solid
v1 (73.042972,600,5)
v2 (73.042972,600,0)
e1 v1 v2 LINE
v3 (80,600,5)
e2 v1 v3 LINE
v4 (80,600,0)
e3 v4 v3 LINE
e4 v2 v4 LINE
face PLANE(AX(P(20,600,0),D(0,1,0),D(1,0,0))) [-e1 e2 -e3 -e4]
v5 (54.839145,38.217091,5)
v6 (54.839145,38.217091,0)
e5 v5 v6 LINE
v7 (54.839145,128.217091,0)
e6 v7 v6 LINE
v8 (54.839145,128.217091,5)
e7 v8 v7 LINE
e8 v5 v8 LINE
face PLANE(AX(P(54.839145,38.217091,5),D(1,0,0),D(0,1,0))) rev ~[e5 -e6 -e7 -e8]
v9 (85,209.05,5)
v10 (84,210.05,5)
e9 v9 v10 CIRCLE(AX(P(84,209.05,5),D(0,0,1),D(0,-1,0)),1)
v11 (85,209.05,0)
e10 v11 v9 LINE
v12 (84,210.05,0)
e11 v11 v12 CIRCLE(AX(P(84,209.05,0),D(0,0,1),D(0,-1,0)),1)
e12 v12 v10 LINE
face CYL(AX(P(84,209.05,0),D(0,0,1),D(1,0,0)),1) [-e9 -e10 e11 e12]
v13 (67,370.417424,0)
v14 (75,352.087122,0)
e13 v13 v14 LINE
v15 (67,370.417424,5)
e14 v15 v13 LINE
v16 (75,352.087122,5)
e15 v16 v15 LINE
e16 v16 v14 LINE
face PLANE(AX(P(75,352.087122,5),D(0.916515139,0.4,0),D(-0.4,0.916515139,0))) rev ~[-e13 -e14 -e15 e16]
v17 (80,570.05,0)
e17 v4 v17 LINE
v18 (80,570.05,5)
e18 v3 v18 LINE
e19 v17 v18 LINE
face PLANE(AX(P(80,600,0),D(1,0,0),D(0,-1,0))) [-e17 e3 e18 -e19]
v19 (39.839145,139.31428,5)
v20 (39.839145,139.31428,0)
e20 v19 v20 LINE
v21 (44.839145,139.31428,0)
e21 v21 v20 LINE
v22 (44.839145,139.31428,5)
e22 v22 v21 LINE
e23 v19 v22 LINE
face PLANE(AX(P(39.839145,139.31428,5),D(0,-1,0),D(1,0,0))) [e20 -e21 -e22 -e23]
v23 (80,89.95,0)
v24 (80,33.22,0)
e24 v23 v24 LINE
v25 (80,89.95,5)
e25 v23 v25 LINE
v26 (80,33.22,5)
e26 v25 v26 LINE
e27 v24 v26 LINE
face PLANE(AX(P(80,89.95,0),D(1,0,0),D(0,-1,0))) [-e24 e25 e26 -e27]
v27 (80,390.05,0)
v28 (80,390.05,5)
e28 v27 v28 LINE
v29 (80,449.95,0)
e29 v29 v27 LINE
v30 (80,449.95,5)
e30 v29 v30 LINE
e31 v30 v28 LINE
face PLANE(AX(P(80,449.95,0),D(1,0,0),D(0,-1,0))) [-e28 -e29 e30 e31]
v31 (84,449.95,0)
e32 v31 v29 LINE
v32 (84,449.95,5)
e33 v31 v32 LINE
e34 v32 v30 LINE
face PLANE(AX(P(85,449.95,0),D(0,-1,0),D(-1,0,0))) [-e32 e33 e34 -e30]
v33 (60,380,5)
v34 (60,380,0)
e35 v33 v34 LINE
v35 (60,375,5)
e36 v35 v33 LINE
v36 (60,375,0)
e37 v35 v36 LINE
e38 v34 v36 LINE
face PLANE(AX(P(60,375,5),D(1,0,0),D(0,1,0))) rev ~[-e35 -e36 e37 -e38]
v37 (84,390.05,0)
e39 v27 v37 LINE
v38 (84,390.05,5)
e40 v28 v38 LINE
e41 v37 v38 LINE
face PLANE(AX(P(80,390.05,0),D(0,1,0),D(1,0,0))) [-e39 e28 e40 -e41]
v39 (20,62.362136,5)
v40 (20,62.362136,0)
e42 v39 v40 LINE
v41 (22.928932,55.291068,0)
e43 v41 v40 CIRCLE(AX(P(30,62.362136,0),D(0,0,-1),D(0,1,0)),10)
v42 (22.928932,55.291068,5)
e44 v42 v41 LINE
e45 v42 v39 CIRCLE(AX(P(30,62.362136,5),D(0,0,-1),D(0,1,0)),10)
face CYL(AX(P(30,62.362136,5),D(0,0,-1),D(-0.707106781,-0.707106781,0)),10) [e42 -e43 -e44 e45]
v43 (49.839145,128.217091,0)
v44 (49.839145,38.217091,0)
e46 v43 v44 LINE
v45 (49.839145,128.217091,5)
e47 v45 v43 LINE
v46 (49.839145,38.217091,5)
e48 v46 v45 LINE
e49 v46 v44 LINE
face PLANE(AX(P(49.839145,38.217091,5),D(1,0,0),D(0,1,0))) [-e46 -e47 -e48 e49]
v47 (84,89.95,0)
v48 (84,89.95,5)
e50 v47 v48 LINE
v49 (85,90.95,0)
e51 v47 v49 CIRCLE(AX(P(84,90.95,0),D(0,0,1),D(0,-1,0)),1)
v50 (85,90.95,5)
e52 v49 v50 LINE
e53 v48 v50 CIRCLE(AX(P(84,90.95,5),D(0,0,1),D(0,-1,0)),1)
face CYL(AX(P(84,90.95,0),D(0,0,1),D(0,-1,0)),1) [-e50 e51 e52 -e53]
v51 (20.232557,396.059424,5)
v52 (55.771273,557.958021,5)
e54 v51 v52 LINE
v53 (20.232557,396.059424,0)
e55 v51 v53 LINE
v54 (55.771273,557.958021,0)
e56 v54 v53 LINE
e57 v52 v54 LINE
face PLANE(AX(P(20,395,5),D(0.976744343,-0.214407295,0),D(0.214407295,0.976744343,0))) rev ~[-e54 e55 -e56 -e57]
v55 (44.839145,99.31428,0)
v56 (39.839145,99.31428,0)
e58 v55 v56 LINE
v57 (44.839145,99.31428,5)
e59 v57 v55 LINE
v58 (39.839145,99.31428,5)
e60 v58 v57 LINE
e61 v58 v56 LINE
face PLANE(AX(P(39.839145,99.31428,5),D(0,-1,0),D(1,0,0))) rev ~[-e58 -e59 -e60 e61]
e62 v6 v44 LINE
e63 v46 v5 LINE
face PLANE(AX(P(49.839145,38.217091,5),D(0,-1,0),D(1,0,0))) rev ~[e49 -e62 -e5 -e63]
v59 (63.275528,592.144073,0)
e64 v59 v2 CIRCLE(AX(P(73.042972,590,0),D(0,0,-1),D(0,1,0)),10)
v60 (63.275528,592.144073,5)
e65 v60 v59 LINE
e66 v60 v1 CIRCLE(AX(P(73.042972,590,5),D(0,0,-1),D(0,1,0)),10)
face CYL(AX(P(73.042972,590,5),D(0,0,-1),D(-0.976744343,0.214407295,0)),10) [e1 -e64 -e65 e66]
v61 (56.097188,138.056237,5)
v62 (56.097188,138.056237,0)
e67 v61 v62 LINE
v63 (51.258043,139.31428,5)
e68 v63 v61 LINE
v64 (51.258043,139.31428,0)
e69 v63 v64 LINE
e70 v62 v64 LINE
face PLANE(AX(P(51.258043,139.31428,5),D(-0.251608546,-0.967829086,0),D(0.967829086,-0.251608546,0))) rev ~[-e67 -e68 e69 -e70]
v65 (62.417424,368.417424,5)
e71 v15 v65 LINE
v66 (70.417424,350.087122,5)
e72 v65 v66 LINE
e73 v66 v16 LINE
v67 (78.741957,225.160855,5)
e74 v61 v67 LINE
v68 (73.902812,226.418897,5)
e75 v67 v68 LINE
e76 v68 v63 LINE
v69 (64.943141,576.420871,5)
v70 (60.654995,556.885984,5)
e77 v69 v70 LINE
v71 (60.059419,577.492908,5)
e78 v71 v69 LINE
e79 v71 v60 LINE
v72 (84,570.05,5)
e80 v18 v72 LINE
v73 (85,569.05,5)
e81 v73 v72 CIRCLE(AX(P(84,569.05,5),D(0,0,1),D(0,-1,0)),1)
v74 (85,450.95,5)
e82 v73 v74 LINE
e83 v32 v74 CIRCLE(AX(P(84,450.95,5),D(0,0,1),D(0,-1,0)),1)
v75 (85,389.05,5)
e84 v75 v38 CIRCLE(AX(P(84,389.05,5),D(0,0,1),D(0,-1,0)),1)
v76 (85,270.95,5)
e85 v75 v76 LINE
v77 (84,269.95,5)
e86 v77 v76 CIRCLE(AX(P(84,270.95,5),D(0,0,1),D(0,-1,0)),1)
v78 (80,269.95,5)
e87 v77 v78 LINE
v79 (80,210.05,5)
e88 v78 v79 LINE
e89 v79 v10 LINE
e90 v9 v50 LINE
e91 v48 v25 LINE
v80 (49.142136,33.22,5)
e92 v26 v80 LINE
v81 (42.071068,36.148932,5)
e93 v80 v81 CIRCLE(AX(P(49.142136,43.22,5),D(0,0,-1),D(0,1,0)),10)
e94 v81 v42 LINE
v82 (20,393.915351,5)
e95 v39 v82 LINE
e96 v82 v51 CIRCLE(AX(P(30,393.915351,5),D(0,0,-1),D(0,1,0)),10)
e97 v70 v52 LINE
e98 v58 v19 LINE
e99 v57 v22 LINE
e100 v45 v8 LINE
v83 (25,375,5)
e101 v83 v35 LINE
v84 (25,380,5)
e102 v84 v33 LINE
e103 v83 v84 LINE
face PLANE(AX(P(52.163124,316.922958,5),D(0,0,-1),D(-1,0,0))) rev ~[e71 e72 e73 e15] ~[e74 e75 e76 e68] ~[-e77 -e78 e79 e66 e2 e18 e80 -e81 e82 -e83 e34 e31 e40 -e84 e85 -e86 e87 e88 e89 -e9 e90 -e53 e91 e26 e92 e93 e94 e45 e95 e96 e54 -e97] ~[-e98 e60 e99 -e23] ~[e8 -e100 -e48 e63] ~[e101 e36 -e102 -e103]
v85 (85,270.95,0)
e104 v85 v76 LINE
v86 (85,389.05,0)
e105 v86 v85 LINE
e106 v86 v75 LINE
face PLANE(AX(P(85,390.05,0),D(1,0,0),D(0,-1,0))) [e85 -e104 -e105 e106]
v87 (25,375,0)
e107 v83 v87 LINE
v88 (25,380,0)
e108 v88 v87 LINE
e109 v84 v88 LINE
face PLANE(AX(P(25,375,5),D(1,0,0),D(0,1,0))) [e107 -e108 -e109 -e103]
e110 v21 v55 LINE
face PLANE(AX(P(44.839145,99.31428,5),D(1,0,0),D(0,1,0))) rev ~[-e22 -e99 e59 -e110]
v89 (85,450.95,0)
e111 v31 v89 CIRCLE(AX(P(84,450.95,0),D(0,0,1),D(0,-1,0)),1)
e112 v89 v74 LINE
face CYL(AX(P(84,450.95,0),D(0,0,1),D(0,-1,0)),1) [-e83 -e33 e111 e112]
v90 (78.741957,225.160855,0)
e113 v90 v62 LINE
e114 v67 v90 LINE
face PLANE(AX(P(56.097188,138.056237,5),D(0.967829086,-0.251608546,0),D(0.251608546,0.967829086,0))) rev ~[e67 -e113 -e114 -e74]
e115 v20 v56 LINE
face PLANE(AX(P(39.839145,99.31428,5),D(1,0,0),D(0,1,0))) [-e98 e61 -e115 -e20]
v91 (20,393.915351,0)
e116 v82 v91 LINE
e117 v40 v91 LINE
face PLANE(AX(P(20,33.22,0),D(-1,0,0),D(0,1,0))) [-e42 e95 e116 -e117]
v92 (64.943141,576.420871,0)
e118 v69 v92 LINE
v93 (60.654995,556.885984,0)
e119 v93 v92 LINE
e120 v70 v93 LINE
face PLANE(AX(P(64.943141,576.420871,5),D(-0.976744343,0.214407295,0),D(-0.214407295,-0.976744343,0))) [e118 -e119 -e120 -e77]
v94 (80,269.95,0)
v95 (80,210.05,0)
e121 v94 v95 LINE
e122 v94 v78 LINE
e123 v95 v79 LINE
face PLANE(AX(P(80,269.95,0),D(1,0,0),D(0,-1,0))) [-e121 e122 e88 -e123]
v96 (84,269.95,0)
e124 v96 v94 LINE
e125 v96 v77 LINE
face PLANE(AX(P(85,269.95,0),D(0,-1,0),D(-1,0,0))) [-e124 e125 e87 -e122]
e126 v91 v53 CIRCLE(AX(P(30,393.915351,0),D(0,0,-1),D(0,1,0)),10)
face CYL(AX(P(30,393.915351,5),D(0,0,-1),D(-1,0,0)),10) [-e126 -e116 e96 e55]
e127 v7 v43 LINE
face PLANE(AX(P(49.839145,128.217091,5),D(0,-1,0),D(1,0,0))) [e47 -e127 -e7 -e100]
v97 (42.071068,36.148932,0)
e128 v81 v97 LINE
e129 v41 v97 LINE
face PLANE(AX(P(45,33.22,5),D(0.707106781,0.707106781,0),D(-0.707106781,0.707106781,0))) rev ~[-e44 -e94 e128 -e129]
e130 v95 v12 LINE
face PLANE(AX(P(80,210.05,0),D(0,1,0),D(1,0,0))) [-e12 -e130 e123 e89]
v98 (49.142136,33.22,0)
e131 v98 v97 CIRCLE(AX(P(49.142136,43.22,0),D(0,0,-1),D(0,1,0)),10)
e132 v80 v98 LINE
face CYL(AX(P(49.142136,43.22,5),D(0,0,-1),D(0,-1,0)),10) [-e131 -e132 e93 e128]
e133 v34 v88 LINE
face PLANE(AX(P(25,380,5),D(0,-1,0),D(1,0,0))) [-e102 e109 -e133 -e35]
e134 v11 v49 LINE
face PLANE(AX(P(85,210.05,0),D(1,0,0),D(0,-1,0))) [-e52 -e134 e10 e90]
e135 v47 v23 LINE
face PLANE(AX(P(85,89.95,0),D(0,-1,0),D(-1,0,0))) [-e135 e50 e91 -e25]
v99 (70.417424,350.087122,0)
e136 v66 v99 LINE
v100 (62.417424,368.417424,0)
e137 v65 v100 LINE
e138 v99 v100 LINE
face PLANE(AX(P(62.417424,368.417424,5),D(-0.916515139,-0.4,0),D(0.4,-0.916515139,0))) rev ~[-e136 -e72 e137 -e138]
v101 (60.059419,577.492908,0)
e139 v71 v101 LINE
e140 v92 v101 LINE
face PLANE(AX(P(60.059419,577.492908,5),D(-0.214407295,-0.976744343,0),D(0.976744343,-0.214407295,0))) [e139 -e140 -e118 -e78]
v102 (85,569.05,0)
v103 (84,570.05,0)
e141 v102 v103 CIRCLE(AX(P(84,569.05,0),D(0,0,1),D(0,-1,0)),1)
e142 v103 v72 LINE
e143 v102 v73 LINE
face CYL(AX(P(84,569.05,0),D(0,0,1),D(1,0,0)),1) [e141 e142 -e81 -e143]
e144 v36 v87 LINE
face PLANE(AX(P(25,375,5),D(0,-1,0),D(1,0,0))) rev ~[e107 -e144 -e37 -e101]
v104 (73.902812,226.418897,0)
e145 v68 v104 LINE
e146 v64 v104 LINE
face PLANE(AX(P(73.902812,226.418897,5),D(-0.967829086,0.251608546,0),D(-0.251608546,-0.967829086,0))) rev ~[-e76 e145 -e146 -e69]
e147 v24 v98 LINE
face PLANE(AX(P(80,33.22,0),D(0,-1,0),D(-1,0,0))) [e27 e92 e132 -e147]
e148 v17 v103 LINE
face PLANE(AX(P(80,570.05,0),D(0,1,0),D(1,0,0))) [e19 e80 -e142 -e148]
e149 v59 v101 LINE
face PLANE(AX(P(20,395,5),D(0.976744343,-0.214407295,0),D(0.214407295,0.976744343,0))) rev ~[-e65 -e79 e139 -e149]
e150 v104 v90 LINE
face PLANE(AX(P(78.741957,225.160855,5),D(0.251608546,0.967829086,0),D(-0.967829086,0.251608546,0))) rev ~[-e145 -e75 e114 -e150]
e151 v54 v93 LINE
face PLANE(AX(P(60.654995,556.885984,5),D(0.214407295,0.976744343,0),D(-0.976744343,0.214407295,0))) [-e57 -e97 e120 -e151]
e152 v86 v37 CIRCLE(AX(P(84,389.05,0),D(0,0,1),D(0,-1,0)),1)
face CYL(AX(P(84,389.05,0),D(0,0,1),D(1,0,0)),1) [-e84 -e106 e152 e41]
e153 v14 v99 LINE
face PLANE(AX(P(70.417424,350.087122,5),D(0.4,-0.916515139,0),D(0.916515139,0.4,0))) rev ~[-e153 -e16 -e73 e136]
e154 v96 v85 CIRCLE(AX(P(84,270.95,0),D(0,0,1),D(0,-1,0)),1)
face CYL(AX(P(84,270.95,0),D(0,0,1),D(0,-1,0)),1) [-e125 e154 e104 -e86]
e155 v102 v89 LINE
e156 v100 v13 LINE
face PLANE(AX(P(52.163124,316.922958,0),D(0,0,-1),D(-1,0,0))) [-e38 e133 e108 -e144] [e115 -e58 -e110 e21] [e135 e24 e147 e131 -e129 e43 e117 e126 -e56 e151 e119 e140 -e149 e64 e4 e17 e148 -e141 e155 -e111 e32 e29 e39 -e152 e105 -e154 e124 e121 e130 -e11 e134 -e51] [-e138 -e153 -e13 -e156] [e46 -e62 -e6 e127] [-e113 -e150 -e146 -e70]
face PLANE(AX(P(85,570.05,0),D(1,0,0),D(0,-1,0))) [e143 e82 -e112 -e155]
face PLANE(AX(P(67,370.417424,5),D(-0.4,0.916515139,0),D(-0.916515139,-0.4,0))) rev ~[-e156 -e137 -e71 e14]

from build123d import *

# Parameters (mm, degrees)
BOSS_EXTRUDE1_DEPTH = 5
SKETCH2_W           = 5
SKETCH2_H           = 90
SKETCH2_H_2         = 40
SKETCH2_W_2         = 35
SKETCH2_H_3         = 5
CUT_EXTRUDE1_DEPTH  = 10
CUT_EXTRUDE2_DEPTH  = 10
FILLET1_R           = 1
FILLET2_R           = 10
CUT_EXTRUDE3_DEPTH  = 10


with BuildPart() as part:
    # Sketch1 → Boss-Extrude1 (new body)
    with BuildSketch(Plane.XY):
        Polygon((80, 33.22), (20, 33.22), (20, 600), (80, 600), (80, 570.05), (85, 570.05), (85, 449.95), (80, 449.95), (80, 390.05), (85, 390.05), (85, 269.95), (80, 269.95), (80, 210.05), (85, 210.05), (85, 89.95), (80, 89.95), align=None)
    extrude(amount=BOSS_EXTRUDE1_DEPTH)

    # Sketch2 → Cut-Extrude1 (cut)
    with BuildSketch(Plane.XY.offset(5)):
        Polygon((67, 370.417424305), (62.417424305, 368.417424305), (70.417424305, 350.087121525), (75, 352.087121525), align=None)
        Polygon((73.902811841, 226.418897298), (51.258042728, 139.314279557), (56.097188159, 138.056236829), (78.741957272, 225.16085457), align=None)
        with Locations((52.33914543, 83.217091399)):
            Rectangle(SKETCH2_W, SKETCH2_H)
        with Locations((42.33914543, 119.314279557)):
            Rectangle(SKETCH2_W, SKETCH2_H_2)
        with Locations((42.5, 377.5)):
            Rectangle(SKETCH2_W_2, SKETCH2_H_3)
    extrude(amount=-CUT_EXTRUDE1_DEPTH, mode=Mode.SUBTRACT)

    # Sketch3 → Cut-Extrude2 (cut)
    with BuildSketch(Plane.XY.offset(5)):
        Polygon((20, 395), (65, 600), (1.513631165, 616.08755832), align=None)
        Polygon((45, 33.22), (20, 58.22), (13.452472792, 20.556075169), align=None)
    extrude(amount=-CUT_EXTRUDE2_DEPTH, mode=Mode.SUBTRACT)

    # Fillet1
    fillet1_edges = [part.edges().sort_by_distance(p)[0] for p in [
        (85, 570.05, 2.5),
        (85, 449.95, 2.5),
        (85, 390.05, 2.5),
        (85, 269.95, 2.5),
        (85, 210.05, 2.5),
        (85, 89.95, 2.5),
    ]]
    fillet(fillet1_edges, radius=FILLET1_R)

    # Fillet2
    fillet2_edges = [part.edges().sort_by_distance(p)[0] for p in [
        (20, 395, 2.5),
        (65, 600, 2.5),
        (45, 33.22, 2.5),
        (20, 58.22, 2.5),
    ]]
    fillet(fillet2_edges, radius=FILLET2_R)

    # Sketch4 → Cut-Extrude3 (cut)
    with BuildSketch(Plane.XY.offset(5)):
        Polygon((60.059418786, 577.492907801), (64.943140501, 576.420871327), (60.654994605, 556.885984463), (55.771272889, 557.958020937), align=None)
    extrude(amount=-CUT_EXTRUDE3_DEPTH, mode=Mode.SUBTRACT)


solid = part.part
